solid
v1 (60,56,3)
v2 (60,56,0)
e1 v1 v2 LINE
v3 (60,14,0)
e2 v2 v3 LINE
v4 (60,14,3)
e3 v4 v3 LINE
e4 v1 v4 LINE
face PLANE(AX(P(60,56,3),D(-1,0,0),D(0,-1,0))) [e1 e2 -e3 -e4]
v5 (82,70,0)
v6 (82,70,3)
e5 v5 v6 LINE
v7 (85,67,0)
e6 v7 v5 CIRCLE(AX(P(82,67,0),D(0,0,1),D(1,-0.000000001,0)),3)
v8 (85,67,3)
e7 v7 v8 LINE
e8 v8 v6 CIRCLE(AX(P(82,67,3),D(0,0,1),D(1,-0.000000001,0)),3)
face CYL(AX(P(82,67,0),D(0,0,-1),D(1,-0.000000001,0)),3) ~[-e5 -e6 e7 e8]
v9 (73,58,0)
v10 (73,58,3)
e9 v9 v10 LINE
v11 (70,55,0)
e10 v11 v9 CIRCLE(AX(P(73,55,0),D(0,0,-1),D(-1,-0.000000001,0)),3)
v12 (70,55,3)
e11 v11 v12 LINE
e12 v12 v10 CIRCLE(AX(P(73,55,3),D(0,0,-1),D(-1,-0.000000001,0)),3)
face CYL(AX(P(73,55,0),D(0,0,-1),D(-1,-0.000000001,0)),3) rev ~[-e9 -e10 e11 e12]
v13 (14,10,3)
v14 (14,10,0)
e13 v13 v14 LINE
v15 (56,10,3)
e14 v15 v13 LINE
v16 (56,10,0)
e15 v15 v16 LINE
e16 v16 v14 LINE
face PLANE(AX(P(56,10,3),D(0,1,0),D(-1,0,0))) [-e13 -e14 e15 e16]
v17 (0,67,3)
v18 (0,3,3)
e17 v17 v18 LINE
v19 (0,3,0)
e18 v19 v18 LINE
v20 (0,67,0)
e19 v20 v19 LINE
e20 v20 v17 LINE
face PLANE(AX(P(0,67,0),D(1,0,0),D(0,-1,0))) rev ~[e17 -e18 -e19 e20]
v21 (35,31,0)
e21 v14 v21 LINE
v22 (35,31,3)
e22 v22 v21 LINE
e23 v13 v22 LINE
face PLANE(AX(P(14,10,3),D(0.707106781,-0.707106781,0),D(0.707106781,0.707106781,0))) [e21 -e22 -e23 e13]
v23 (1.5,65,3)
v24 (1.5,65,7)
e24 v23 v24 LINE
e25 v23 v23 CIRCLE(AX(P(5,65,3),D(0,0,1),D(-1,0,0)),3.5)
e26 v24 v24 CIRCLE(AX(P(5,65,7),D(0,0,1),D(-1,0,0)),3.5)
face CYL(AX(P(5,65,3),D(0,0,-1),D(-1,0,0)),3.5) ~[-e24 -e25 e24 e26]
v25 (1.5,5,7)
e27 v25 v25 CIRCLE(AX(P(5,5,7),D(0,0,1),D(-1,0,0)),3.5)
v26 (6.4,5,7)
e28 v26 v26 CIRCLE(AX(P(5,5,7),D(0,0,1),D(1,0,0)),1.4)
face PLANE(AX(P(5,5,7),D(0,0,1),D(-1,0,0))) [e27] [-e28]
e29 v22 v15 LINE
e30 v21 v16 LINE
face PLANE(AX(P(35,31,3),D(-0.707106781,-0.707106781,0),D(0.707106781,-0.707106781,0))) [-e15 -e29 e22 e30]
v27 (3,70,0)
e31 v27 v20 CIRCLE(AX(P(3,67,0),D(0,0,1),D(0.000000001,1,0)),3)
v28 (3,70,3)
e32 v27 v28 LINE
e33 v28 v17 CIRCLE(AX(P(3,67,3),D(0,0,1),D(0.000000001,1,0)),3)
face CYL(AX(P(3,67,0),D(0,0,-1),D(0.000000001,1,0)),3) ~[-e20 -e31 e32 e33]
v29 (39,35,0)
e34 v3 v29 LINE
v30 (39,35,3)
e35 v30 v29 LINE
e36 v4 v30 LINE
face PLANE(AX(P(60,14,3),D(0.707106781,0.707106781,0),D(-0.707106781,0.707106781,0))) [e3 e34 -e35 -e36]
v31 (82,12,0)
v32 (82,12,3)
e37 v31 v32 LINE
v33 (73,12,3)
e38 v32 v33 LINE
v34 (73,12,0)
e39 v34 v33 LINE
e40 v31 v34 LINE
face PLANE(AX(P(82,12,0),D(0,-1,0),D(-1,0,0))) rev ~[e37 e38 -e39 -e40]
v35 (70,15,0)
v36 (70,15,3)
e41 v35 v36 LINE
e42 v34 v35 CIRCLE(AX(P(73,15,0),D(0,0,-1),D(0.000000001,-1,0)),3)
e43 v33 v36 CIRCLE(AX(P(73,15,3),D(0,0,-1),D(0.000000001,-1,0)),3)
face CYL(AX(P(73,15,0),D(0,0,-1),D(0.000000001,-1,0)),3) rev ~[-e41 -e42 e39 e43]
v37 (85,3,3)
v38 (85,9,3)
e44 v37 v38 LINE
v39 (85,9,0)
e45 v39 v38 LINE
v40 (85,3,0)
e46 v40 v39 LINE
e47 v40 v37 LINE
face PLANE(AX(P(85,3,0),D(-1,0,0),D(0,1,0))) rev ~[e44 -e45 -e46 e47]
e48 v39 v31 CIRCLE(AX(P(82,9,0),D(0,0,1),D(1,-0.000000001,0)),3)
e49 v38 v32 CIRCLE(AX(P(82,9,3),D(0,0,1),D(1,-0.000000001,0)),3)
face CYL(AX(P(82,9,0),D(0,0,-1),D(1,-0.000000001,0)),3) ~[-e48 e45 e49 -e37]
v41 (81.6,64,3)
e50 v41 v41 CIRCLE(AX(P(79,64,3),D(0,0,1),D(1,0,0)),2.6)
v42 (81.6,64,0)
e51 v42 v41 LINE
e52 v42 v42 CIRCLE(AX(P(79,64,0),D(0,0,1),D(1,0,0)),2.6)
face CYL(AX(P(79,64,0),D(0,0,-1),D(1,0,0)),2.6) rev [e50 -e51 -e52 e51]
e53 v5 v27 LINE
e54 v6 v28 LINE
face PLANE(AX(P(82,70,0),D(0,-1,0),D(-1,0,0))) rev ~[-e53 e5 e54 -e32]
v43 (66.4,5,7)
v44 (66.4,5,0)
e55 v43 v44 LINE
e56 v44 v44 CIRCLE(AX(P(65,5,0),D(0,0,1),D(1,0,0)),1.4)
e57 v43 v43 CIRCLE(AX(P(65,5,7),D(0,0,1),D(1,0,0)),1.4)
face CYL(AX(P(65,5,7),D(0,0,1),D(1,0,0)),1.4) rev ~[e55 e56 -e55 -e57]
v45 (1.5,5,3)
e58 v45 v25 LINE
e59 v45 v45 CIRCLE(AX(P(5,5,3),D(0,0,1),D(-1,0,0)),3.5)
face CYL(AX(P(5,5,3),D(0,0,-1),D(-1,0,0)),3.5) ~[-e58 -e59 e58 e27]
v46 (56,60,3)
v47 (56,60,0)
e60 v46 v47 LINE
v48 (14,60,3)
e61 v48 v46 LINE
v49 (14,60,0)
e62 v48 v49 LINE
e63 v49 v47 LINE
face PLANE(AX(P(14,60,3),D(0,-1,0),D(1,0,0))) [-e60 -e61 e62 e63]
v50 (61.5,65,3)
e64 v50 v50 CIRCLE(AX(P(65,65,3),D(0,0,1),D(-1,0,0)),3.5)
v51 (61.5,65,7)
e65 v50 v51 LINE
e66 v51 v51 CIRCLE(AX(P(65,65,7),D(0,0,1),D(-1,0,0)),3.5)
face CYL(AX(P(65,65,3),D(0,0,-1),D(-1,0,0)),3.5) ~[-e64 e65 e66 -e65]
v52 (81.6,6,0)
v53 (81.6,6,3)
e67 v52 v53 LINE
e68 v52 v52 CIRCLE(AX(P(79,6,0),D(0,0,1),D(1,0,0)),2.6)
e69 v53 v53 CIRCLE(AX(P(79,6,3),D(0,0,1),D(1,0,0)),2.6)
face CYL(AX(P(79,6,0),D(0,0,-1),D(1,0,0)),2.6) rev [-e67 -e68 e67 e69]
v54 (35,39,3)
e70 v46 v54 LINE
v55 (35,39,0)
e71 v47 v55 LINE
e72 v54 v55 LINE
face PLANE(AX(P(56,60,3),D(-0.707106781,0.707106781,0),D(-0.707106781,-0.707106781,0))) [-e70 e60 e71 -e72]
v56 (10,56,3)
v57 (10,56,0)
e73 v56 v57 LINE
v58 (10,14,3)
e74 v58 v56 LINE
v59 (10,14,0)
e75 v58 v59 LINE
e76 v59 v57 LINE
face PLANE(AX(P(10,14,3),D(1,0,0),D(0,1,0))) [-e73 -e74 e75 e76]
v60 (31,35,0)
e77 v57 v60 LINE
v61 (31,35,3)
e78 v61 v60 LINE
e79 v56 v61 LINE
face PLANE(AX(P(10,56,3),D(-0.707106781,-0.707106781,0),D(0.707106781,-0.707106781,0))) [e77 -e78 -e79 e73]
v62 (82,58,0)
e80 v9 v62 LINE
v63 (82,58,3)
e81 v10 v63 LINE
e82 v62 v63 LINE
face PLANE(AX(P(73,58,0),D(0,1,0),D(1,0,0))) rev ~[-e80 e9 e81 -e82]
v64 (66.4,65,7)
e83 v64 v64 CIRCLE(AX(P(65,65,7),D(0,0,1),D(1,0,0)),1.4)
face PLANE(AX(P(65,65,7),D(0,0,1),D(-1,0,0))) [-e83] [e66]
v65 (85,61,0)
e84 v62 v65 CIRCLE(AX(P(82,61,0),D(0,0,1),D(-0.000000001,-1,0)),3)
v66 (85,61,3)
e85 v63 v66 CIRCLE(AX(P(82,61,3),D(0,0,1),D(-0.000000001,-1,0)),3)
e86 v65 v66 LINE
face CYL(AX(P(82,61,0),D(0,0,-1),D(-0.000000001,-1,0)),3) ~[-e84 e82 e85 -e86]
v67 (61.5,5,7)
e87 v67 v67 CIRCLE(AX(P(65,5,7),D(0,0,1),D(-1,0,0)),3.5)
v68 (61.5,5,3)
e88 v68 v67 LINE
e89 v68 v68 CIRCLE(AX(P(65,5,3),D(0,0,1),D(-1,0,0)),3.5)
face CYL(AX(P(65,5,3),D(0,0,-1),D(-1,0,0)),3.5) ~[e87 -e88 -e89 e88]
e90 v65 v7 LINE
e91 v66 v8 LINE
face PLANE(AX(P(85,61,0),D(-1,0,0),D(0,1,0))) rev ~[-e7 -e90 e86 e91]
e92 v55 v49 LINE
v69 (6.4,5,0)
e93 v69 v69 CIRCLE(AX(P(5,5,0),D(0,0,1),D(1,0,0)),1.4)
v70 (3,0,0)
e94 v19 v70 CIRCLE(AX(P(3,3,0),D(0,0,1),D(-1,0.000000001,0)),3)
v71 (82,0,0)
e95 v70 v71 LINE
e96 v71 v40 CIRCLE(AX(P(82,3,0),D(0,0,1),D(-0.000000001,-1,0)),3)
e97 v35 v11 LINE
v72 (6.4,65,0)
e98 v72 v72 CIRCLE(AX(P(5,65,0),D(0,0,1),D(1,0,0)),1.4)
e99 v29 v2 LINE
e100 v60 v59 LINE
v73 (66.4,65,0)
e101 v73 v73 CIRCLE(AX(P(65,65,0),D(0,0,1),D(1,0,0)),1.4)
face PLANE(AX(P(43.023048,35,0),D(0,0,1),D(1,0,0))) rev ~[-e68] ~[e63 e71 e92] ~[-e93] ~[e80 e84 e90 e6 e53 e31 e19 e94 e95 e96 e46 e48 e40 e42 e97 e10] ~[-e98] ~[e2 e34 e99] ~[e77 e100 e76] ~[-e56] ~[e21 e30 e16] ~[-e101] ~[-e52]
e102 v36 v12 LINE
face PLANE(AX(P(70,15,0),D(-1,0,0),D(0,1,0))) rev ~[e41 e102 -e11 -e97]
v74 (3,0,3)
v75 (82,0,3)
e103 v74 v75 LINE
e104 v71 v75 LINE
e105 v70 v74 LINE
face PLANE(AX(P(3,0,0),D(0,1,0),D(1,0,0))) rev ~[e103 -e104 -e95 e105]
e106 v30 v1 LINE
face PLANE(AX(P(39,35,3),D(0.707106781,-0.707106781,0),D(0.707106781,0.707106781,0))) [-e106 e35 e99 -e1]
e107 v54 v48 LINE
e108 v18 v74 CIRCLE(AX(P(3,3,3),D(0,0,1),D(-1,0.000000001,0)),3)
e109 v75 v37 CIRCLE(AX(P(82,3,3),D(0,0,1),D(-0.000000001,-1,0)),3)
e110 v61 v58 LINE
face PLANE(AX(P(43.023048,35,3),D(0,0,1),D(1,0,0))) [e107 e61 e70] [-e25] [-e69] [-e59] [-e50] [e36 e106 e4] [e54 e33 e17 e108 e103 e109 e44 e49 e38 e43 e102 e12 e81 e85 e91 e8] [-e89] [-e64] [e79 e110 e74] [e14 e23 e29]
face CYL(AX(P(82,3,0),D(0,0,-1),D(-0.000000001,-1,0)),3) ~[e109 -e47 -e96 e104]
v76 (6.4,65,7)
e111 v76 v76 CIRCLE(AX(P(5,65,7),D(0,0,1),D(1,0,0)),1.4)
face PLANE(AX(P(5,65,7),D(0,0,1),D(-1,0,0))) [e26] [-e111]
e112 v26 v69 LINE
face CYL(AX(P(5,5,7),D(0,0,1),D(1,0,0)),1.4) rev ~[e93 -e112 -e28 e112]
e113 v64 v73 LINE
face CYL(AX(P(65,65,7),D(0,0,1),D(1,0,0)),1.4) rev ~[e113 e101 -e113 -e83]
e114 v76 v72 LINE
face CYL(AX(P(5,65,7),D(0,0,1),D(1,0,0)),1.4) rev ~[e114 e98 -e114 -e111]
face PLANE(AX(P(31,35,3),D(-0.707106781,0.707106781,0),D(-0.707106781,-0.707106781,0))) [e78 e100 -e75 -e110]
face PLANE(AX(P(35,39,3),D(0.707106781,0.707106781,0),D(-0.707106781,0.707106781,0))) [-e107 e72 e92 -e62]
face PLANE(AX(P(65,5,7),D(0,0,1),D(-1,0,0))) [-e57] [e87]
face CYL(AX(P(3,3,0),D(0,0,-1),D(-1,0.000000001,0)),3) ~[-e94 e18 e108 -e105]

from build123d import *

# Parameters (mm, degrees)
SKETCH1_R           = 2.6
BOSS_EXTRUDE1_DEPTH = 3
SKETCH2_R           = 3.5
BOSS_EXTRUDE2_DEPTH = 4
CUT_EXTRUDE1_DEPTH  = 3
SKETCH4_R           = 1.4
CUT_EXTRUDE2_DEPTH  = 111.335850928


with BuildPart() as part:
    # Sketch1 → Boss-Extrude1 (new body)
    with BuildSketch(Plane.XY):
        with BuildLine():
            Line((3, 0), (70, 0))
            Line((70, 0), (82, 0))
            ThreePointArc((82, 0), (84.121320344, 0.878679656), (85, 3))
            Line((85, 3), (85, 9))
            ThreePointArc((85, 9), (84.121320344, 11.121320344), (82, 12))
            Line((82, 12), (73, 12))
            ThreePointArc((73, 12), (70.878679656, 12.878679656), (70, 15))
            Line((70, 15), (70, 55))
            ThreePointArc((70, 55), (70.878679656, 57.121320344), (73, 58))
            Line((73, 58), (82, 58))
            ThreePointArc((82, 58), (84.121320344, 58.878679656), (85, 61))
            Line((85, 61), (85, 67))
            ThreePointArc((85, 67), (84.121320344, 69.121320344), (82, 70))
            Line((82, 70), (67, 70))
            Line((67, 70), (3, 70))
            ThreePointArc((3, 70), (0.878679656, 69.121320344), (0, 67))
            Line((0, 67), (0, 3))
            ThreePointArc((0, 3), (0.878679656, 0.878679656), (3, 0))
        make_face()
        with Locations((79, 64)):
            Circle(SKETCH1_R, mode=Mode.SUBTRACT)
        with Locations((79, 6)):
            Circle(SKETCH1_R, mode=Mode.SUBTRACT)
    extrude(amount=BOSS_EXTRUDE1_DEPTH)

    # Sketch2 → Boss-Extrude2 (add)
    with BuildSketch(Plane.XY.offset(3)):
        with Locations(Location((5, 65, 0), (0, 0, 180))):
            Circle(SKETCH2_R)
        with Locations(Location((65, 65, 0), (0, 0, 180))):
            Circle(SKETCH2_R)
        with Locations(Location((65, 5, 0), (0, 0, 180))):
            Circle(SKETCH2_R)
        with Locations(Location((5, 5, 0), (0, 0, 180))):
            Circle(SKETCH2_R)
    extrude(amount=BOSS_EXTRUDE2_DEPTH)

    # Sketch3 → Cut-Extrude1 (cut)
    with BuildSketch(Plane.XY.offset(3)):
        Polygon((14, 60), (56, 60), (35, 39), align=None)
        Polygon((60, 56), (60, 14), (39, 35), align=None)
        Polygon((56, 10), (14, 10), (35, 31), align=None)
        Polygon((10, 14), (10, 56), (31, 35), align=None)
    extrude(amount=-CUT_EXTRUDE1_DEPTH, mode=Mode.SUBTRACT)

    # Sketch4 → Cut-Extrude2 (cut, through all)
    with BuildSketch(Plane.XY.offset(7)):
        with Locations((5, 65)):
            Circle(SKETCH4_R)
        with Locations((65, 65)):
            Circle(SKETCH4_R)
        with Locations((65, 5)):
            Circle(SKETCH4_R)
        with Locations((5, 5)):
            Circle(SKETCH4_R)
    extrude(amount=-CUT_EXTRUDE2_DEPTH, mode=Mode.SUBTRACT)


solid = part.part
